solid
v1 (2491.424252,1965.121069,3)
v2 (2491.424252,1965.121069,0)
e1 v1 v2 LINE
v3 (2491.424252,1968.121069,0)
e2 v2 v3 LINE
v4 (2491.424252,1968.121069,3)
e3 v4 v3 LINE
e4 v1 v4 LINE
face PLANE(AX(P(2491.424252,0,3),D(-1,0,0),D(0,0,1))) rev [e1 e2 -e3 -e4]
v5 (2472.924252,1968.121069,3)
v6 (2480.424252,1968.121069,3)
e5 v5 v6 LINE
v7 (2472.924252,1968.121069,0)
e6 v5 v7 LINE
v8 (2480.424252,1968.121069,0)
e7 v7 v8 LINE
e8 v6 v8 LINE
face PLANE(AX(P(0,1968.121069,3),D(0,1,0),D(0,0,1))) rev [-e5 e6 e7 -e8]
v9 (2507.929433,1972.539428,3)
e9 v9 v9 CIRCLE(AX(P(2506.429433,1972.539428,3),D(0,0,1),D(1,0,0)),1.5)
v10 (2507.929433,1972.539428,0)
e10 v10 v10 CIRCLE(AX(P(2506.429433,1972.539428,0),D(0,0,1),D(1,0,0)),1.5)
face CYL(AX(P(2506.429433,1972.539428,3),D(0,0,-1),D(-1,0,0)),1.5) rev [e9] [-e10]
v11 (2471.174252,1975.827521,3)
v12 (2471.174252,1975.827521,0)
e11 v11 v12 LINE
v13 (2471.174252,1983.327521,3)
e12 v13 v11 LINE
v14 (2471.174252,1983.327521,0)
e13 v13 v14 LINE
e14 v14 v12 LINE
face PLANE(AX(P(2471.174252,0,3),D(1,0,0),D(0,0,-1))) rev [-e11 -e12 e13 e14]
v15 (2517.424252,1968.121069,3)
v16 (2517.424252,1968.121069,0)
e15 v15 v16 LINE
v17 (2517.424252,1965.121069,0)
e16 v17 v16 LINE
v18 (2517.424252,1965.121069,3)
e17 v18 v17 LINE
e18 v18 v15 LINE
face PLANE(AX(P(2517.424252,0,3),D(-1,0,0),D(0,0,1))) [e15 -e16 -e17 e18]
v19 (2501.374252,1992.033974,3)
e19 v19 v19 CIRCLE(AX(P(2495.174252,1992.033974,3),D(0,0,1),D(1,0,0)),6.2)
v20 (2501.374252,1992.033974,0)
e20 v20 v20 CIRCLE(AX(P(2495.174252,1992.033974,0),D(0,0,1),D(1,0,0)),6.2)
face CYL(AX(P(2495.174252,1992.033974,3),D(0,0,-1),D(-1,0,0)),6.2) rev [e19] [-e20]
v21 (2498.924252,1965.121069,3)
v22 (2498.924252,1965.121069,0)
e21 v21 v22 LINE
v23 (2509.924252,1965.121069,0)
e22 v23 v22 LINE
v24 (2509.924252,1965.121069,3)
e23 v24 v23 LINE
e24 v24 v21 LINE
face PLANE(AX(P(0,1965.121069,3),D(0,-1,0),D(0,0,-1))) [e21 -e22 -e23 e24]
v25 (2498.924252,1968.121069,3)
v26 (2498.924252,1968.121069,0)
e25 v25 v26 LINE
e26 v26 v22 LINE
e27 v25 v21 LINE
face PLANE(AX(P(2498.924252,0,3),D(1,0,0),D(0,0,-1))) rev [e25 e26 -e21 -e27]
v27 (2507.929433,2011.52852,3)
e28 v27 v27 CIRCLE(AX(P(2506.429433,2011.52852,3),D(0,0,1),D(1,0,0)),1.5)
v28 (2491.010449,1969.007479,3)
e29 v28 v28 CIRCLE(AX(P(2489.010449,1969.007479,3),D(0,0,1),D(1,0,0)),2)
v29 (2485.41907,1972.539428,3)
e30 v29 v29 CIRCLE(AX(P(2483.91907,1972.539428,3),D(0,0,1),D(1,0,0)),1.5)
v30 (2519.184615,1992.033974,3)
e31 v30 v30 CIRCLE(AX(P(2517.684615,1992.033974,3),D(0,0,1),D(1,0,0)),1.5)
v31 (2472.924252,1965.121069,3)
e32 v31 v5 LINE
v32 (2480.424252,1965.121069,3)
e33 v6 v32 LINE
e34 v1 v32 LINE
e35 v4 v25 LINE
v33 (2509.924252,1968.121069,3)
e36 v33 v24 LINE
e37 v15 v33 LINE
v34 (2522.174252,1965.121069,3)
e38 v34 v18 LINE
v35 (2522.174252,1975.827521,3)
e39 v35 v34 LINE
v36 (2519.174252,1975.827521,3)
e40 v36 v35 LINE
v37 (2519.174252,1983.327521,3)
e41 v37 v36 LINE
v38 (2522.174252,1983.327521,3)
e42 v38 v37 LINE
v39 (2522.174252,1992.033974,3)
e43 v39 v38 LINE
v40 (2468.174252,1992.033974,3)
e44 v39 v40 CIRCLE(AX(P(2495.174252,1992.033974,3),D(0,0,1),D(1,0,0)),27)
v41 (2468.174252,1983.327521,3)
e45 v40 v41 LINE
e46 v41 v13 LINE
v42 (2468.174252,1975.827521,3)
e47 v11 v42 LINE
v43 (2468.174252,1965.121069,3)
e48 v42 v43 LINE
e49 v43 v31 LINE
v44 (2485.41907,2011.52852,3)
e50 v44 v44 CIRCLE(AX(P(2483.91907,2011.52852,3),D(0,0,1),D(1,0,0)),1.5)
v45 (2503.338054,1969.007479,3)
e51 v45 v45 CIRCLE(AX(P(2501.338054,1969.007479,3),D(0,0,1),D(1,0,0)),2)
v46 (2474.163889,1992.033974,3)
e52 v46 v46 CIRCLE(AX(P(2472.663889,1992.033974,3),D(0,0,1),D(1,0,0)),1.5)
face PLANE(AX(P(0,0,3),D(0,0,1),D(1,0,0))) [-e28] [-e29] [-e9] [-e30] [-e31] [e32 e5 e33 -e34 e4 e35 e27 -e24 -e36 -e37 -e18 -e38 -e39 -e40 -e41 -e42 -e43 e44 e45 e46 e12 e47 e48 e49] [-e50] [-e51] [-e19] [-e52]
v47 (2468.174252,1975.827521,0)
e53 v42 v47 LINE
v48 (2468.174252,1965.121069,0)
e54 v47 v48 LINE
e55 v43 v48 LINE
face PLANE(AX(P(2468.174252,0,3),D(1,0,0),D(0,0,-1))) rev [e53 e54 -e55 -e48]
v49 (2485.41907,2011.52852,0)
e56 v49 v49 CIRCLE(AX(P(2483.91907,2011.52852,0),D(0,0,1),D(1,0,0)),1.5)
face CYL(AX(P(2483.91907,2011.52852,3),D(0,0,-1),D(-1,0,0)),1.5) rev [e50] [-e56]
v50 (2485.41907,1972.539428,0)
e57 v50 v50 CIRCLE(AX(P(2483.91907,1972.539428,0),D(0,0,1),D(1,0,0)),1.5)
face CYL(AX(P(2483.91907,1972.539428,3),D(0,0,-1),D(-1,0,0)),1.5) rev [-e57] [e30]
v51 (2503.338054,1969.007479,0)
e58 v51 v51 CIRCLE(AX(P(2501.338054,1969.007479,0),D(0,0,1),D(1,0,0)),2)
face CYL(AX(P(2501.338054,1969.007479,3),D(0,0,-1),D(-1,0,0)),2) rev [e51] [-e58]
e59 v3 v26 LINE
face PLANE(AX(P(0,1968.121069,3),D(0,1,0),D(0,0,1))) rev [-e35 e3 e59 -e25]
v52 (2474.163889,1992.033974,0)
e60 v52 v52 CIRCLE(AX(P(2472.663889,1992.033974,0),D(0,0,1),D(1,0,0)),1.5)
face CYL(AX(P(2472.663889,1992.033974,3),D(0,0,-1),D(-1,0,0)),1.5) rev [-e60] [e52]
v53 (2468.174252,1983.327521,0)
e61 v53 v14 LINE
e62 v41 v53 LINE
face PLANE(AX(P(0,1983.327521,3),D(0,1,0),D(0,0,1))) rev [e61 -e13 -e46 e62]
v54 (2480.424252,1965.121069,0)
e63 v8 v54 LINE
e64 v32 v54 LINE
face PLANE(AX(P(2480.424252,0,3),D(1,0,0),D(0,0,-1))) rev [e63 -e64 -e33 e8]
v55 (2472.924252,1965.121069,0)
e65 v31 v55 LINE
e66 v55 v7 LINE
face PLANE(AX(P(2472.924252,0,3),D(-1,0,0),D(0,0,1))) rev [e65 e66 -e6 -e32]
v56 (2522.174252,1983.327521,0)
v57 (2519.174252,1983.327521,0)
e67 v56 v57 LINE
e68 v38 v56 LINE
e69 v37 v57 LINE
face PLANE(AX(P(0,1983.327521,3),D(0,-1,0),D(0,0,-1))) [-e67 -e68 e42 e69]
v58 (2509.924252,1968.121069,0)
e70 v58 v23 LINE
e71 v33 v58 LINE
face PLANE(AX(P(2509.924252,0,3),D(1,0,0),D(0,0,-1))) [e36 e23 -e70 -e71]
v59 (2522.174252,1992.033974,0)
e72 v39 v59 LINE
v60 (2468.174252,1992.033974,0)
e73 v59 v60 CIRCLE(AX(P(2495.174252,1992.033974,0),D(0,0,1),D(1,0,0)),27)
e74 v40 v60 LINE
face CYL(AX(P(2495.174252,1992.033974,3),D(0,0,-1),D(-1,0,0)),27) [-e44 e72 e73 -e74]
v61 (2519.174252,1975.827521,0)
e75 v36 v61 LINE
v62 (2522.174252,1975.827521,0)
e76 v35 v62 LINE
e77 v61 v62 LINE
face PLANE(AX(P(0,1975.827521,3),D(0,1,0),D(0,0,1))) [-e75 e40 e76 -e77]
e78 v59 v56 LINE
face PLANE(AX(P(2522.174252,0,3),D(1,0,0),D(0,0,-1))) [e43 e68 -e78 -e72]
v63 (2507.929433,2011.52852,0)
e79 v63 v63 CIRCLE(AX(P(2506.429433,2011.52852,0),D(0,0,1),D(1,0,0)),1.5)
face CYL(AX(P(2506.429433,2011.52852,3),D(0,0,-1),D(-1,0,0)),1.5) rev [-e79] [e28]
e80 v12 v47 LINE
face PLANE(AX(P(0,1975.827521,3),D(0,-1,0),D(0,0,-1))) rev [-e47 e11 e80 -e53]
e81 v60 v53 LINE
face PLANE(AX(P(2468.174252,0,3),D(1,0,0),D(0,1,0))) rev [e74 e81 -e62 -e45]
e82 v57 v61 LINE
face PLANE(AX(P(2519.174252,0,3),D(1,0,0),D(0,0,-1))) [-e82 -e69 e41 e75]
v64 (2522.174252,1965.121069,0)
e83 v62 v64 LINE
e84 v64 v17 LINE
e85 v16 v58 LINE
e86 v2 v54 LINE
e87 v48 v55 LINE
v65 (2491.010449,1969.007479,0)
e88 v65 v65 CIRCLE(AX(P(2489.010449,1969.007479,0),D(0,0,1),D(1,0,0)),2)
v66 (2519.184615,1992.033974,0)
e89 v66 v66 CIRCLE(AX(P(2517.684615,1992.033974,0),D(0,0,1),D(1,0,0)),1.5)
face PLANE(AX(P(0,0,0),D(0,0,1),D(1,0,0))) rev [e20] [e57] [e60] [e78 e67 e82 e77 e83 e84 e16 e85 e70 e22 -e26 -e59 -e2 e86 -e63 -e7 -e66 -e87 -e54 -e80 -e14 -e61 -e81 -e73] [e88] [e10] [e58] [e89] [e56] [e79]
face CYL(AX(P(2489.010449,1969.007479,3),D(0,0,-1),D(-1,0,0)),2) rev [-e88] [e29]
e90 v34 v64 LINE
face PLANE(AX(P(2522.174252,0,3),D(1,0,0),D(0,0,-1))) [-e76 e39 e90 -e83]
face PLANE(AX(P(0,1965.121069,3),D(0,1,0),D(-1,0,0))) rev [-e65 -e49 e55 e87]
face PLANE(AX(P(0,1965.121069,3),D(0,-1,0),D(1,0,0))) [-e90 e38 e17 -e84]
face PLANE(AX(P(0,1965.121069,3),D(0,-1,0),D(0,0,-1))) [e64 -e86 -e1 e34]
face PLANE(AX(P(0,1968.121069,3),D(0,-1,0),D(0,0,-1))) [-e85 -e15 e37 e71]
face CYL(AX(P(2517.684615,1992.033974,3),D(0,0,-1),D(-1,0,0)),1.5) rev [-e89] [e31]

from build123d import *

# Parameters (mm, degrees)
SKETCH_1_R      = 1.5
SKETCH_1_R_2    = 2
SKETCH_1_R_3    = 6.2
EXTRUDE_1_DEPTH = 3


with BuildPart() as part:
    # 草图1 → 凸台-拉伸1 (new body)
    with BuildSketch(Plane.XY):
        with BuildLine():
            Line((2522.174251857, 1992.03397428), (2522.174251857, 1983.327521496))
            Line((2522.174251857, 1983.327521496), (2519.174251857, 1983.327521496))
            Line((2519.174251857, 1983.327521496), (2519.174251857, 1975.827521496))
            Line((2519.174251857, 1975.827521496), (2522.174251857, 1975.827521496))
            Line((2522.174251857, 1975.827521496), (2522.174251857, 1965.121068713))
            Line((2522.174251857, 1965.121068713), (2517.424251857, 1965.121068713))
            Line((2517.424251857, 1965.121068713), (2517.424251857, 1968.121068713))
            Line((2517.424251857, 1968.121068713), (2509.924251857, 1968.121068713))
            Line((2509.924251857, 1968.121068713), (2509.924251857, 1965.121068713))
            Line((2509.924251857, 1965.121068713), (2498.924251857, 1965.121068713))
            Line((2498.924251857, 1965.121068713), (2498.924251857, 1968.121068713))
            Line((2498.924251857, 1968.121068713), (2491.424251857, 1968.121068713))
            Line((2491.424251857, 1968.121068713), (2491.424251857, 1965.121068713))
            Line((2491.424251857, 1965.121068713), (2480.424251857, 1965.121068713))
            Line((2480.424251857, 1965.121068713), (2480.424251857, 1968.121068713))
            Line((2480.424251857, 1968.121068713), (2472.924251857, 1968.121068713))
            Line((2472.924251857, 1968.121068713), (2472.924251857, 1965.121068713))
            Line((2472.924251857, 1965.121068713), (2468.174251857, 1965.121068713))
            Line((2468.174251857, 1965.121068713), (2468.174251857, 1975.827521496))
            Line((2468.174251857, 1975.827521496), (2471.174251857, 1975.827521496))
            Line((2471.174251857, 1975.827521496), (2471.174251857, 1983.327521496))
            Line((2471.174251857, 1983.327521496), (2468.174251857, 1983.327521496))
            Line((2468.174251857, 1983.327521496), (2468.174251857, 1992.03397428))
            ThreePointArc((2468.174251857, 1992.03397428), (2495.174251857, 2019.03397428), (2522.174251857, 1992.03397428))
        make_face()
        with Locations((2472.663889086, 1992.03397428)):
            Circle(SKETCH_1_R, mode=Mode.SUBTRACT)
        with Locations((2483.919070472, 2011.528520288)):
            Circle(SKETCH_1_R, mode=Mode.SUBTRACT)
        with Locations((2506.429433243, 2011.528520288)):
            Circle(SKETCH_1_R, mode=Mode.SUBTRACT)
        with Locations((2517.684614628, 1992.03397428)):
            Circle(SKETCH_1_R, mode=Mode.SUBTRACT)
        with Locations((2501.338054428, 1969.0074786)):
            Circle(SKETCH_1_R_2, mode=Mode.SUBTRACT)
        with Locations((2483.919070472, 1972.539428272)):
            Circle(SKETCH_1_R, mode=Mode.SUBTRACT)
        with Locations((2506.429433243, 1972.539428272)):
            Circle(SKETCH_1_R, mode=Mode.SUBTRACT)
        with Locations((2489.010449286, 1969.0074786)):
            Circle(SKETCH_1_R_2, mode=Mode.SUBTRACT)
        with Locations((2495.174251857, 1992.03397428)):
            Circle(SKETCH_1_R_3, mode=Mode.SUBTRACT)
    extrude(amount=EXTRUDE_1_DEPTH)


solid = part.part
